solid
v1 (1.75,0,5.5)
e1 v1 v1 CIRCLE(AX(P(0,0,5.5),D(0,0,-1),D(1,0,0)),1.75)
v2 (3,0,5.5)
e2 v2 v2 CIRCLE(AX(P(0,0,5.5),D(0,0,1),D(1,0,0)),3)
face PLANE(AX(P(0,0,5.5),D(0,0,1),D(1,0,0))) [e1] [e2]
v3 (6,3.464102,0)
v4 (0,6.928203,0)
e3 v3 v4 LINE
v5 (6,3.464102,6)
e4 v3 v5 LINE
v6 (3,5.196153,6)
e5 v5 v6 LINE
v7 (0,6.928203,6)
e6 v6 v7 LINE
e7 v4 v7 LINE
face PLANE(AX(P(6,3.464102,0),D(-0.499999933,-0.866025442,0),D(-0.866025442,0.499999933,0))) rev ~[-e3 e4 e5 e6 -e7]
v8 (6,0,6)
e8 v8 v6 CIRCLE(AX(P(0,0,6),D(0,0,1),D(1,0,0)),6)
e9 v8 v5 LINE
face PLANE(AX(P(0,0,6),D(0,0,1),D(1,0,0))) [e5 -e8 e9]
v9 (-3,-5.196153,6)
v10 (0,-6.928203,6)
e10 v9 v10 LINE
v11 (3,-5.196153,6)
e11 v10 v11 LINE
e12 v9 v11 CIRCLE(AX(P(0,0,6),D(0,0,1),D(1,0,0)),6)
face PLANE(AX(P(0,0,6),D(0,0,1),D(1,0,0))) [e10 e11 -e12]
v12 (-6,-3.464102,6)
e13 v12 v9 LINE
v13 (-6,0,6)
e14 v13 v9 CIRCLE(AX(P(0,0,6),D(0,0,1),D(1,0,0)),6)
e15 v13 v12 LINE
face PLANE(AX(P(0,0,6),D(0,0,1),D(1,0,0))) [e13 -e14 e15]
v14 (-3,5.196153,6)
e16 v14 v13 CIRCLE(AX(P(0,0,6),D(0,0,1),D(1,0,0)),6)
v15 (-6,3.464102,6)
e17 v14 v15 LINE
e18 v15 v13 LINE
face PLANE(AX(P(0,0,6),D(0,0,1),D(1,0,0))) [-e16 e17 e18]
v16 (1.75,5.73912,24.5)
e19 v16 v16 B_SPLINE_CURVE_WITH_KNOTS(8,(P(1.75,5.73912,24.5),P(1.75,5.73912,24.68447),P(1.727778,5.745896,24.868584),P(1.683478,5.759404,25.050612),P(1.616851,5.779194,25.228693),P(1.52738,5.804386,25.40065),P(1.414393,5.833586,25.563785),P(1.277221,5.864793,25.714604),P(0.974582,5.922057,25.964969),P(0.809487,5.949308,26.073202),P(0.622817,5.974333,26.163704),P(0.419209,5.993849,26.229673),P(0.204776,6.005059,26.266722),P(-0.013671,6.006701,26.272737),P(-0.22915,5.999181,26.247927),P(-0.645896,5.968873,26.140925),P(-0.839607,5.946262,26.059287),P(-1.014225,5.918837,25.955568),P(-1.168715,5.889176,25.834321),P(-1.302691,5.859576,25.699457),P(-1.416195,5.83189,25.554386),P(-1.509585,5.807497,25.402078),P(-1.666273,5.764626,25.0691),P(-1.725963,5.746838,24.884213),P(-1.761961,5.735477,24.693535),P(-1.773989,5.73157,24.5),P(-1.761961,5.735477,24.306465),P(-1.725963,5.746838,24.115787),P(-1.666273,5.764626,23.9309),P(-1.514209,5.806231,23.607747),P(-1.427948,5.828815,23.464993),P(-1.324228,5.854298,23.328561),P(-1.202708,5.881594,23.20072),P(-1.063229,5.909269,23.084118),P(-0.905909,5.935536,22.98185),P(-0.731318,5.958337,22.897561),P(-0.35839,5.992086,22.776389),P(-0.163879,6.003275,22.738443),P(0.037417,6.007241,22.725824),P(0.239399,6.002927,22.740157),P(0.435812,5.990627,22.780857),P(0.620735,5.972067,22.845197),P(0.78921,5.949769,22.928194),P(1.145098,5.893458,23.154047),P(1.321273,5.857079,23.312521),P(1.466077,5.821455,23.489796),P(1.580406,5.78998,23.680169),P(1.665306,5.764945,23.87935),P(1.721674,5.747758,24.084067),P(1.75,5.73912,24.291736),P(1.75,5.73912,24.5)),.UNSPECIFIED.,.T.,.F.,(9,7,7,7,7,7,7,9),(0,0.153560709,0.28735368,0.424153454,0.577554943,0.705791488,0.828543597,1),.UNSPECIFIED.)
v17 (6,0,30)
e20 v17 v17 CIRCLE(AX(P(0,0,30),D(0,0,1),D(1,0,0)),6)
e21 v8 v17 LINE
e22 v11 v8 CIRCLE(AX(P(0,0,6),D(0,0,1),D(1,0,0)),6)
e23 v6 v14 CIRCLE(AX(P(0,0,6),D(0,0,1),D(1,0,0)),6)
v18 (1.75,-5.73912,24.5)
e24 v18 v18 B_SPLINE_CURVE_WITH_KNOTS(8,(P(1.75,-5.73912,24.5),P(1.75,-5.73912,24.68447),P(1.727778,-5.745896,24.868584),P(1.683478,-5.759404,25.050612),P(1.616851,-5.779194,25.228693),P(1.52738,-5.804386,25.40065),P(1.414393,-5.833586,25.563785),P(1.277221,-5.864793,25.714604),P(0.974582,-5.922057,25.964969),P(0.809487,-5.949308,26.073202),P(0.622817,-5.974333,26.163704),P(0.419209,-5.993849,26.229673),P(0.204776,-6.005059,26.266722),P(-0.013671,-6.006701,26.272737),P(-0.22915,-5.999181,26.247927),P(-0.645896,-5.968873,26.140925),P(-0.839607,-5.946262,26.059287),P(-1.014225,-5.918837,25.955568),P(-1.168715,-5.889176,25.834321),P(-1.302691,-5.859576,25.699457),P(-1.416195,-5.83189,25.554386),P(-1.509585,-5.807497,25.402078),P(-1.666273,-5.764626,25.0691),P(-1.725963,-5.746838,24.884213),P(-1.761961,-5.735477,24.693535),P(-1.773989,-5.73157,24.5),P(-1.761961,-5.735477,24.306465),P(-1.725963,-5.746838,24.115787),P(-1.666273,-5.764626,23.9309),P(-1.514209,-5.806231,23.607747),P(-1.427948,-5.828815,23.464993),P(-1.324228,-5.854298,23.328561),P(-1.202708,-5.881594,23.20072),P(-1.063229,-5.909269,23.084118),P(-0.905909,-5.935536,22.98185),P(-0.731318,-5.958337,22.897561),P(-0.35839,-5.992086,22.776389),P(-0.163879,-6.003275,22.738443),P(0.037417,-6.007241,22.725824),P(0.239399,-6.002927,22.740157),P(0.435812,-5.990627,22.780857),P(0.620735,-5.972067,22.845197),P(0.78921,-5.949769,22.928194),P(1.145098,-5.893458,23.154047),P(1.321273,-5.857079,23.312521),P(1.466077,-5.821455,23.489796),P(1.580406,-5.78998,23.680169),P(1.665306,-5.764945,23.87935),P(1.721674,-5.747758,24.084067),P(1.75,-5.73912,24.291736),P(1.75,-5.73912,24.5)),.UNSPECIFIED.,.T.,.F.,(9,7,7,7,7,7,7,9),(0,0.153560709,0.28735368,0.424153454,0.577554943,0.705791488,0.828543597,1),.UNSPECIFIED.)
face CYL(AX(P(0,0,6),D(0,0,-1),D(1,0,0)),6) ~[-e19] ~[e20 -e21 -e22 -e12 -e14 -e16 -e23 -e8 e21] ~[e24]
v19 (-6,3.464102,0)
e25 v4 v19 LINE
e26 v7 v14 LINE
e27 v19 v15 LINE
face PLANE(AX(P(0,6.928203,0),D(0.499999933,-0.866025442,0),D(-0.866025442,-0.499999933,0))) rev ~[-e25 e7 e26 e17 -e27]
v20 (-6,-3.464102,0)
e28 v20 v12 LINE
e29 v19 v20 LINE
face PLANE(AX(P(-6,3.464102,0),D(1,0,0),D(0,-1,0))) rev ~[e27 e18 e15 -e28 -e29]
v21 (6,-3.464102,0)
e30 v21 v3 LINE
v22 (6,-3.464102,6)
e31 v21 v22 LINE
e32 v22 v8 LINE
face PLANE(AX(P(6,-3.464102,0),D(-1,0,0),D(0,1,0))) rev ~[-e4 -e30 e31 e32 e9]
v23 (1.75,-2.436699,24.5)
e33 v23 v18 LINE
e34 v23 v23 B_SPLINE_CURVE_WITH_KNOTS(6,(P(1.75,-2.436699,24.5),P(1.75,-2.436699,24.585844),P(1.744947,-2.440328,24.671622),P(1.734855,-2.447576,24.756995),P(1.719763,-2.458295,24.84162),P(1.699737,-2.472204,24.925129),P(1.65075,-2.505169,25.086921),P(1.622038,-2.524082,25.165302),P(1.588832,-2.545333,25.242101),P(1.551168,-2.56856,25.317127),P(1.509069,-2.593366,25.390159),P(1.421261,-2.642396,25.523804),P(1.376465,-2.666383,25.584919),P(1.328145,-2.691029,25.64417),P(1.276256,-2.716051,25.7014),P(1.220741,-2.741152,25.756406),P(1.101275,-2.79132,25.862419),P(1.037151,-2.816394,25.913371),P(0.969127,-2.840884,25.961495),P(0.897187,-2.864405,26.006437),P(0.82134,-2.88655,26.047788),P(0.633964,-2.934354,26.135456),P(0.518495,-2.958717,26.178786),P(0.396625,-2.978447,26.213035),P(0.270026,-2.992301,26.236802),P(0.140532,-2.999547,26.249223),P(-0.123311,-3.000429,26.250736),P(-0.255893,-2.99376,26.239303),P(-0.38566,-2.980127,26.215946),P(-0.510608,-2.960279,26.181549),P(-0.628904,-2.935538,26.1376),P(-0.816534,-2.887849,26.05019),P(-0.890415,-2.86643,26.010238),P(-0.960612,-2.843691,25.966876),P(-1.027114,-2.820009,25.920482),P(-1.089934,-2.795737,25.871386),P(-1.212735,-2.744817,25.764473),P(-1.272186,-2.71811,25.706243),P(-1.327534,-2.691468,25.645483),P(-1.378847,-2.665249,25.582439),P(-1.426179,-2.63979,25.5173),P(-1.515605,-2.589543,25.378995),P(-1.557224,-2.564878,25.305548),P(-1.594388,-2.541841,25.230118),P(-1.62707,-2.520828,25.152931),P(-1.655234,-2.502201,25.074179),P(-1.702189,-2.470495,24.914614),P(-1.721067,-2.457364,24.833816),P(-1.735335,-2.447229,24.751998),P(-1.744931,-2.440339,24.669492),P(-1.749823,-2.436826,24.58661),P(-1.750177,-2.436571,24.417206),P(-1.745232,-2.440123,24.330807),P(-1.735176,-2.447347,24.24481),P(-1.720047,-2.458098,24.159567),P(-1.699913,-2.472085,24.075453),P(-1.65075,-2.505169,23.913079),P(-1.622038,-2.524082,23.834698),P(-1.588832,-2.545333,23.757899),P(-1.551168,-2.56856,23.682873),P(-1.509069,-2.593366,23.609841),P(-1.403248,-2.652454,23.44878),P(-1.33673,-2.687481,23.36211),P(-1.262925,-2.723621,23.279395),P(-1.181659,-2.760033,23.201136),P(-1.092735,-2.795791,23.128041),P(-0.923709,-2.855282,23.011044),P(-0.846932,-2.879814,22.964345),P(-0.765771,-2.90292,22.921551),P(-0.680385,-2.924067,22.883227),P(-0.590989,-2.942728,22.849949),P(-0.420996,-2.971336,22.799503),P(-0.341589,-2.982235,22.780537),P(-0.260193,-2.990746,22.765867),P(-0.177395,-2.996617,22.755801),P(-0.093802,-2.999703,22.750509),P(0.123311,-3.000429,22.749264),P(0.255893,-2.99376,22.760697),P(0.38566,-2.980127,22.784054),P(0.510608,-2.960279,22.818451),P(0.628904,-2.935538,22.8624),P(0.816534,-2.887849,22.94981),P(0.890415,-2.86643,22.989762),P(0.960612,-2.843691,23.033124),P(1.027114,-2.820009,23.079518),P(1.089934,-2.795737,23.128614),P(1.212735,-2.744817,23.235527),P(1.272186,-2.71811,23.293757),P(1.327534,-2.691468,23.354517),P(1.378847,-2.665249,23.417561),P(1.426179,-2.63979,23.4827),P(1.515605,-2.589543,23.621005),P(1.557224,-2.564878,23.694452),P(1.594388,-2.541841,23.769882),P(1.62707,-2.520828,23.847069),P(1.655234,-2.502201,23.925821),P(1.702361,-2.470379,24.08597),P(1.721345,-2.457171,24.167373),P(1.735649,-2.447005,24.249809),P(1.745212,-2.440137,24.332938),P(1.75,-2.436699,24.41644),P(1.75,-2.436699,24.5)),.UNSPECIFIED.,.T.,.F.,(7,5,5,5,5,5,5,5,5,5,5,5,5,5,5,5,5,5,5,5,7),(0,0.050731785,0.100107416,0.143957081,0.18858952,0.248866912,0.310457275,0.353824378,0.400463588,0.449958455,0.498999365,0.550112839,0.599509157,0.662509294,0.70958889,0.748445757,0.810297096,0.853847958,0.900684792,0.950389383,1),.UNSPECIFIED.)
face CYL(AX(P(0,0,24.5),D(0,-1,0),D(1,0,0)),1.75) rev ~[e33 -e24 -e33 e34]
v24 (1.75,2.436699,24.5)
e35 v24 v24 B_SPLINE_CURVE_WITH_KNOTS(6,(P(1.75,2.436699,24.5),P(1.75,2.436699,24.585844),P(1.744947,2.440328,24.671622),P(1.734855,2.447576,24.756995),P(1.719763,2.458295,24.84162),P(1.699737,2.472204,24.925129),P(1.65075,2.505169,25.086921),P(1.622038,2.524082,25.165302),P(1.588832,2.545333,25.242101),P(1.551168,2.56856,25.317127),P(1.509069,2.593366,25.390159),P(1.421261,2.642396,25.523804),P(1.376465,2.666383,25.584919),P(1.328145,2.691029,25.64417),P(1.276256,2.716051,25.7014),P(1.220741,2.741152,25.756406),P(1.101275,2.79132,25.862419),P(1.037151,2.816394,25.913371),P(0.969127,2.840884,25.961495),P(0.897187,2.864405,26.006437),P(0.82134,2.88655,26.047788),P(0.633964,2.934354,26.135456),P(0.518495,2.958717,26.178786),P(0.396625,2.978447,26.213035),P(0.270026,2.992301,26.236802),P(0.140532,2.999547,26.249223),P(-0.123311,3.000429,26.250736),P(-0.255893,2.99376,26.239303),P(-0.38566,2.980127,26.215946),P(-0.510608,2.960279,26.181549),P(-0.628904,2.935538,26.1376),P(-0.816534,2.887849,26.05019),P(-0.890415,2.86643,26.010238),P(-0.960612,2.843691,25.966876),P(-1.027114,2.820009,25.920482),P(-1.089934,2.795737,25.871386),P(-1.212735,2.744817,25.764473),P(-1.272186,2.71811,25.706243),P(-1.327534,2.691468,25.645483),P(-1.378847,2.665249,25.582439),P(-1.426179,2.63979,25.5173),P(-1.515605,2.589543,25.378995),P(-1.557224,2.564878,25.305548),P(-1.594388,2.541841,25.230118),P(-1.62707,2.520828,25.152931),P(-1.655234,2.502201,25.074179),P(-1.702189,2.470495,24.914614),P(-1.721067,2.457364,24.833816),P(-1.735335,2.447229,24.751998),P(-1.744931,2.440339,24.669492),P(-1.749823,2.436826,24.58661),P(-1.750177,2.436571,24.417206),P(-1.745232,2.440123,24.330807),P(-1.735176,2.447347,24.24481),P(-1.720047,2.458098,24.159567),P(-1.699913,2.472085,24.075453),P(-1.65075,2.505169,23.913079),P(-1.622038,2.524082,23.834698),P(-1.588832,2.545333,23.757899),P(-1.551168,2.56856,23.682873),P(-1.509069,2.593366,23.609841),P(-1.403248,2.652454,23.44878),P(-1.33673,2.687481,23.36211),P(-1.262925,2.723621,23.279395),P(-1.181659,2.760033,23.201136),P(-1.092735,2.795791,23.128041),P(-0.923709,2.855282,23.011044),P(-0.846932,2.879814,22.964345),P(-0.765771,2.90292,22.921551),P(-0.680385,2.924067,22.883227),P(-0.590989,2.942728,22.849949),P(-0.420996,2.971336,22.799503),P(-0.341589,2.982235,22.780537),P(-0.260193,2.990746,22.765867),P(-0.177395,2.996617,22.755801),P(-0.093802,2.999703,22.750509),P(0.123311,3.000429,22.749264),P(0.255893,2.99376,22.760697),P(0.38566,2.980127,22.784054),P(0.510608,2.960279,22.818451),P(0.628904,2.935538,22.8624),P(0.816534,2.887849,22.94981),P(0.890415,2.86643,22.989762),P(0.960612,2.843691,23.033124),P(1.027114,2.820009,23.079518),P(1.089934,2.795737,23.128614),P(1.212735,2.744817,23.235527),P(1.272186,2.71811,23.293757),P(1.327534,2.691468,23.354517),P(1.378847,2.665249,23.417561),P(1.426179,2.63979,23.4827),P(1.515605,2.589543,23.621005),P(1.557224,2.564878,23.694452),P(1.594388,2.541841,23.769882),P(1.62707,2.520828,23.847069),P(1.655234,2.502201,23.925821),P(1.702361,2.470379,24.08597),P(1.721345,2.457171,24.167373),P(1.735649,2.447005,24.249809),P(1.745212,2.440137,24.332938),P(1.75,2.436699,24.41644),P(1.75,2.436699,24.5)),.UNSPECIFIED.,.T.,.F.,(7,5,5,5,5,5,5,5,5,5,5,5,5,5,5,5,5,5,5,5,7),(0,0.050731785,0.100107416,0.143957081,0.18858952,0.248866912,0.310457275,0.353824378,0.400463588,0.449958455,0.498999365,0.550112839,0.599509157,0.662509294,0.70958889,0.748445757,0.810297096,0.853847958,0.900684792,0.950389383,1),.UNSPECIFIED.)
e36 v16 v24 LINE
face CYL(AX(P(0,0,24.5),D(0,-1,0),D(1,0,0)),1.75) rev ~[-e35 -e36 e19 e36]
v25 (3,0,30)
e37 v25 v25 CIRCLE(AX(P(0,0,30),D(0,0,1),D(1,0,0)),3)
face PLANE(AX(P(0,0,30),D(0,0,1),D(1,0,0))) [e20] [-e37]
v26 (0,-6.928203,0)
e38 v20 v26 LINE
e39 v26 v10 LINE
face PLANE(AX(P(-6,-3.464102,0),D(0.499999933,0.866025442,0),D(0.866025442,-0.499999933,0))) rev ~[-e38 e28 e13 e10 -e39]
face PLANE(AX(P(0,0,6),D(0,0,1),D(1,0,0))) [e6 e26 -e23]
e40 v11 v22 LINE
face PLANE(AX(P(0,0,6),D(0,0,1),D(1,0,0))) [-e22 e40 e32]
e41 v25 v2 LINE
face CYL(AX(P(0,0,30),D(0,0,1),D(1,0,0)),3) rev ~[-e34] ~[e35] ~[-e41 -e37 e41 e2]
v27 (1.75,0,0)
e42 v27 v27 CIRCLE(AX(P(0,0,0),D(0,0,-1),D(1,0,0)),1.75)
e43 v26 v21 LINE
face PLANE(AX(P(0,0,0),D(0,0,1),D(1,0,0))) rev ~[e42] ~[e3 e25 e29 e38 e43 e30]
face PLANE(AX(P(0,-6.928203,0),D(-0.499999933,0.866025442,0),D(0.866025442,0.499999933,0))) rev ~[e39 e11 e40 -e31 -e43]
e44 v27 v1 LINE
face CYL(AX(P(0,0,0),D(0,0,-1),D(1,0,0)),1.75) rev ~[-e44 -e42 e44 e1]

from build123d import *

# Parameters (mm, degrees)
PAD_DEPTH       = 6
SKETCH001_R     = 6
PAD001_DEPTH    = 24
SKETCH002_R     = 3
POCKET_DEPTH    = 24.5
SKETCH003_R     = 1.75
POCKET001_DEPTH = 6
SKETCH004_R     = 1.75
POCKET002_DEPTH = 7


with BuildPart() as part:
    # Sketch → Pad (new body)
    with BuildSketch(Plane.XY):
        Polygon((6, 3.464102), (0, 6.928203), (-6, 3.464102), (-6, -3.464102), (0, -6.928203), (6, -3.464102), align=None)
    extrude(amount=PAD_DEPTH)

    # Sketch001 (on Face8 of Pad) → Pad001 (join)
    with BuildSketch(Plane.XY.offset(6)):
        Circle(SKETCH001_R)
    extrude(amount=PAD001_DEPTH)

    # Sketch002 (on Face15 of Pad001) → Pocket (cut)
    with BuildSketch(Plane.XY.offset(30)):
        Circle(SKETCH002_R)
    extrude(amount=-POCKET_DEPTH, mode=Mode.SUBTRACT)

    # Sketch003 (on Face4 of Pocket) → Pocket001 (cut)
    with BuildSketch(Plane(origin=(0, 0, 0), x_dir=(1, 0, 0), z_dir=(0, 0, -1))):
        Circle(SKETCH003_R)
    extrude(amount=-POCKET001_DEPTH, mode=Mode.SUBTRACT)

    # Sketch004 → Pocket002 (cut, symmetric)
    with BuildSketch(Plane.XZ):
        with Locations((0, 24.5)):
            Circle(SKETCH004_R)
    extrude(amount=POCKET002_DEPTH, both=True, mode=Mode.SUBTRACT)


solid = part.part
